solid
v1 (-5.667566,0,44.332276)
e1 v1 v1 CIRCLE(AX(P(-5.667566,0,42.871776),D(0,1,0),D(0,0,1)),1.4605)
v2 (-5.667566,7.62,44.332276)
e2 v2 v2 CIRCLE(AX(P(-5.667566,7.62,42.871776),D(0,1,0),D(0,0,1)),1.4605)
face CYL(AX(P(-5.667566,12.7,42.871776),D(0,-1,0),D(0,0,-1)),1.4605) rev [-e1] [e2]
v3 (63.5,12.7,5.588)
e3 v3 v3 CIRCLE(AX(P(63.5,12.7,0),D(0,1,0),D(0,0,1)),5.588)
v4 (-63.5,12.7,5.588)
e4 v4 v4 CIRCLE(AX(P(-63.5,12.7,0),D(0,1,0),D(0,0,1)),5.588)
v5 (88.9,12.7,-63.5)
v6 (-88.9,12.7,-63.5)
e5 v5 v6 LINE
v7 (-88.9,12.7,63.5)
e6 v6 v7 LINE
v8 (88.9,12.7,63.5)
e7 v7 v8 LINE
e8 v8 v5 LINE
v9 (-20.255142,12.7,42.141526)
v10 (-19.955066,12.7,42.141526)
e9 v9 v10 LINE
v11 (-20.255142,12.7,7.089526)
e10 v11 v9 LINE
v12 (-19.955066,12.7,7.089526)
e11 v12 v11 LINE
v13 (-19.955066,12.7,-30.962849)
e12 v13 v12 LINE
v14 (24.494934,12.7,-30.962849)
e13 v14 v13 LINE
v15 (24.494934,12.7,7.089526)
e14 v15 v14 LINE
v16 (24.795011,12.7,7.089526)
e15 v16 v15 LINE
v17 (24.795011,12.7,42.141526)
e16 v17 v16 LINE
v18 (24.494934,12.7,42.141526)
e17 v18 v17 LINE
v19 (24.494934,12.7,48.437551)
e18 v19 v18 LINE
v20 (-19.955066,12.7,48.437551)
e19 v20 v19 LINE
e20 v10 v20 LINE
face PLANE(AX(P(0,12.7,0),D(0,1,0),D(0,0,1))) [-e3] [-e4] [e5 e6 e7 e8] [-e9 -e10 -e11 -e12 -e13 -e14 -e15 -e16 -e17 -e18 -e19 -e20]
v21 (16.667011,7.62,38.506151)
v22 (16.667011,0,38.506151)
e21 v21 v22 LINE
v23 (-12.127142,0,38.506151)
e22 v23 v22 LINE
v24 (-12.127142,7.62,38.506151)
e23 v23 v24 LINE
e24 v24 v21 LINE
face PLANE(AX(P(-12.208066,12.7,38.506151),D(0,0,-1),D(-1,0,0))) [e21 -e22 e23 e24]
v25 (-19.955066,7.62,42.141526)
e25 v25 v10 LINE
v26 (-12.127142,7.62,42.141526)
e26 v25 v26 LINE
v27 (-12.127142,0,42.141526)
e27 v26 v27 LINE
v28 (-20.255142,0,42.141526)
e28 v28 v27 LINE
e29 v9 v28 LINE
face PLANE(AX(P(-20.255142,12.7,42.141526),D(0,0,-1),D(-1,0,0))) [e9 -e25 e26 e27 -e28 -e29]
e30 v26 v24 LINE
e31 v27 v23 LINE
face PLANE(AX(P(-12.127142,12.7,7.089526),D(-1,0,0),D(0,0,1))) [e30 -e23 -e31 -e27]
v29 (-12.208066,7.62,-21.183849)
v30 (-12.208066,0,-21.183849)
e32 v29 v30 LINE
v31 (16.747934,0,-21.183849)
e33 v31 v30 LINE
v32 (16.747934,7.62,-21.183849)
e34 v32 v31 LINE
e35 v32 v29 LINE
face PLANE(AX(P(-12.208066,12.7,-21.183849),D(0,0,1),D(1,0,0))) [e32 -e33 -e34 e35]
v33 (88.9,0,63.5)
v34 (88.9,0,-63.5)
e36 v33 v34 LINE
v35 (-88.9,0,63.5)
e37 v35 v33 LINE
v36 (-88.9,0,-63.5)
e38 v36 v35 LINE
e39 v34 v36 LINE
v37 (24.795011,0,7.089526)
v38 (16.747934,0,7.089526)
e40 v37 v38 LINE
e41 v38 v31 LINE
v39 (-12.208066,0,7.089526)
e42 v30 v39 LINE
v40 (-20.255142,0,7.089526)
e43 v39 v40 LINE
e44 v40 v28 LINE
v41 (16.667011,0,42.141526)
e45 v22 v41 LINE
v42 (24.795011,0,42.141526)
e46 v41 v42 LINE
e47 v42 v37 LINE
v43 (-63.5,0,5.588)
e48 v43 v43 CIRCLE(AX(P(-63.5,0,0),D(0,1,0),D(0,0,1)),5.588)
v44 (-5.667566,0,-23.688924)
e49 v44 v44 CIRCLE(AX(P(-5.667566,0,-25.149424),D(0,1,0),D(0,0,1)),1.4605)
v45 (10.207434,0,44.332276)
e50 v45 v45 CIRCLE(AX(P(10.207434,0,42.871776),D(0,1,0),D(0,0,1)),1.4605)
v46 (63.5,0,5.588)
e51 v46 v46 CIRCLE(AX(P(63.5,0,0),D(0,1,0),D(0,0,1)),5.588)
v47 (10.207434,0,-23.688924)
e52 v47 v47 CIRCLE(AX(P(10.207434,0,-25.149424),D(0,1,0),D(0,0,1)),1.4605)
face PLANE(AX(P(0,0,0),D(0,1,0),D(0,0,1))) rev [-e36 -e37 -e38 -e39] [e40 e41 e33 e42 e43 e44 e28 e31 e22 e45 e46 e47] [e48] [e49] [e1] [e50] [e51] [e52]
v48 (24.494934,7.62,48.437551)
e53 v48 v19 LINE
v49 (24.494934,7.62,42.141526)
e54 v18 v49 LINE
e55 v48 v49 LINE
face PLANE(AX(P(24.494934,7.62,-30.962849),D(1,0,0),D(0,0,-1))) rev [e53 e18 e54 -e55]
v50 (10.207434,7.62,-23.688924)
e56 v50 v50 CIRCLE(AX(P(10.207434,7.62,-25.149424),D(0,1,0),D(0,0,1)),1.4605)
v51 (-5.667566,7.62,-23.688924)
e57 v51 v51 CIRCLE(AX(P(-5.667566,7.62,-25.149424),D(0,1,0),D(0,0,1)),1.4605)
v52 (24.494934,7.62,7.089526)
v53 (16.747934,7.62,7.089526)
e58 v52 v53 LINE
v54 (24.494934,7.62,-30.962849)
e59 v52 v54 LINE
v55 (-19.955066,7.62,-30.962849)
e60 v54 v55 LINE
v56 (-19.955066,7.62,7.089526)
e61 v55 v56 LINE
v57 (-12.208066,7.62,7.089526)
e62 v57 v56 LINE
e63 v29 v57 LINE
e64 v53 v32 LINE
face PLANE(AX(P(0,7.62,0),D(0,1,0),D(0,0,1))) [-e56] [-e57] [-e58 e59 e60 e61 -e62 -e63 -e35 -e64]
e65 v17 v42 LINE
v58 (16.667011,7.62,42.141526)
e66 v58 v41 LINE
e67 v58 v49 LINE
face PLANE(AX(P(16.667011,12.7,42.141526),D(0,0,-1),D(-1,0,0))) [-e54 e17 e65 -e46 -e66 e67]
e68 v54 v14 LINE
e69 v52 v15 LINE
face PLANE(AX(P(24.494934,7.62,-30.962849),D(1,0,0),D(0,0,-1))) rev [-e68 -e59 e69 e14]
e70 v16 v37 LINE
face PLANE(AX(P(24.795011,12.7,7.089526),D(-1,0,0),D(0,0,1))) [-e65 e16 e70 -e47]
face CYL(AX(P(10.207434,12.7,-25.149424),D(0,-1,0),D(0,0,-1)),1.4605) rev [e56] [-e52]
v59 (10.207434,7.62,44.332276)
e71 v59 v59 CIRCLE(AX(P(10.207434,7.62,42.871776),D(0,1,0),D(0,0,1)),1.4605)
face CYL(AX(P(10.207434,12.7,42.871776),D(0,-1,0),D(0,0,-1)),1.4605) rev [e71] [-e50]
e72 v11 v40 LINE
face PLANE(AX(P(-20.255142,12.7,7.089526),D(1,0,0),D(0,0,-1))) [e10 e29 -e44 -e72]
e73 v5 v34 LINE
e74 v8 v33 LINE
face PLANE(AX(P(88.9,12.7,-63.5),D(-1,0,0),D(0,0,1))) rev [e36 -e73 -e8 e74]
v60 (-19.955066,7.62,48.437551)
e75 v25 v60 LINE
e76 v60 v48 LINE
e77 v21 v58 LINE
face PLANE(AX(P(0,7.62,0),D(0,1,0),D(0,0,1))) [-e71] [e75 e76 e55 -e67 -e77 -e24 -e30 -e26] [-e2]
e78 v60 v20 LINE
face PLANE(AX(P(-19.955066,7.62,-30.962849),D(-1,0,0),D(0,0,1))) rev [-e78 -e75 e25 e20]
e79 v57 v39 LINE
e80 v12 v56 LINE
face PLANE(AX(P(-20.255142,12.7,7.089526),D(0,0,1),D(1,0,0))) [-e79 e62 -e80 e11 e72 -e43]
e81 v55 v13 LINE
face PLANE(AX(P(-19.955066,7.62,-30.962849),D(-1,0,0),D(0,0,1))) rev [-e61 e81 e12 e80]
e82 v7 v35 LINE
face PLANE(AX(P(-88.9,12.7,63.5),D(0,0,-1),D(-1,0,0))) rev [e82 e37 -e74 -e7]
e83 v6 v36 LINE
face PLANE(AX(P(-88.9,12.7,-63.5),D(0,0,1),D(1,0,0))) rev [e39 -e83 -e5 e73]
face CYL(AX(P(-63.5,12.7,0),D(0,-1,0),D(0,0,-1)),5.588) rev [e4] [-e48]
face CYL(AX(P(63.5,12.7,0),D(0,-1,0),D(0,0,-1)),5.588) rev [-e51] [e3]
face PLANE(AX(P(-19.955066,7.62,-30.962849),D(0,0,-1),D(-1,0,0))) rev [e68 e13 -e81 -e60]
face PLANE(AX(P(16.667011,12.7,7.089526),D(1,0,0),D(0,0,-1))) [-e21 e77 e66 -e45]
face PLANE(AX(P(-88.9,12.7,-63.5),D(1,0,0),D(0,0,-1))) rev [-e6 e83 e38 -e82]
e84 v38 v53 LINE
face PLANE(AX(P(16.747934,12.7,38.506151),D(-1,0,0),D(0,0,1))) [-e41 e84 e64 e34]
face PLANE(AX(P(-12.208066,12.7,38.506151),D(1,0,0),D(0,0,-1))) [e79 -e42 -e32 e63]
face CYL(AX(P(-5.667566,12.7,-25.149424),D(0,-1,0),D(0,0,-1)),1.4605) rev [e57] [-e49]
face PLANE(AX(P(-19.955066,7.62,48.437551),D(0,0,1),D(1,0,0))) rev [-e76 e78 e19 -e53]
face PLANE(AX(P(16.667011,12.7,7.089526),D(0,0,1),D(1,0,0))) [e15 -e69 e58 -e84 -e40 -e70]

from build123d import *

# Parameters (mm, degrees)
SKETCH1_W           = 177.8
SKETCH1_H           = 127
SKETCH1_R           = 5.588
SKETCH1_R_2         = 1.4605
SKETCH1_W_2         = 28.956
SKETCH1_H_2         = 59.69
BOSS_EXTRUDE1_DEPTH = 12.7
SKETCH3_W           = 8.128
SKETCH3_H           = 35.052
CUT_EXTRUDE3_DEPTH  = 13.7
SKETCH2_W           = 44.45
SKETCH2_H           = 79.4004
CUT_EXTRUDE4_DEPTH  = 5.08


with BuildPart() as part:
    # Sketch1 → Boss-Extrude1 (new body)
    with BuildSketch(Plane(origin=(0, 0, 0), x_dir=(1, 0, 0), z_dir=(0, 1, 0))):
        Rectangle(SKETCH1_W, SKETCH1_H)
        with Locations((-63.5, 0)):
            Circle(SKETCH1_R, mode=Mode.SUBTRACT)
        with Locations((63.5, 0)):
            Circle(SKETCH1_R, mode=Mode.SUBTRACT)
        with Locations((-5.667565537, -42.871775783)):
            Circle(SKETCH1_R_2, mode=Mode.SUBTRACT)
        with Locations((10.207434463, -42.871775783)):
            Circle(SKETCH1_R_2, mode=Mode.SUBTRACT)
        with Locations((-5.667565537, 25.149424217)):
            Circle(SKETCH1_R_2, mode=Mode.SUBTRACT)
        with Locations((10.207434463, 25.149424217)):
            Circle(SKETCH1_R_2, mode=Mode.SUBTRACT)
        with Locations((2.269934463, -8.661150783)):
            Rectangle(SKETCH1_W_2, SKETCH1_H_2, mode=Mode.SUBTRACT)
    extrude(amount=BOSS_EXTRUDE1_DEPTH)

    # Sketch3 → Cut-Extrude3 (cut, through all)
    with BuildSketch(Plane(origin=(0, 0, 0), x_dir=(1, 0, 0), z_dir=(0, 1, 0))):
        with Locations((-16.19114245, -24.615525783)):
            Rectangle(SKETCH3_W, SKETCH3_H)
        with Locations((20.731011375, -24.615525783)):
            Rectangle(SKETCH3_W, SKETCH3_H)
    extrude(amount=CUT_EXTRUDE3_DEPTH, mode=Mode.SUBTRACT)

    # Sketch2 → Cut-Extrude4 (cut)
    with BuildSketch(Plane(origin=(0, 12.7, 0), x_dir=(1, 0, 0), z_dir=(0, 1, 0))):
        with Locations((2.269934463, -8.737350783)):
            Rectangle(SKETCH2_W, SKETCH2_H)
    extrude(amount=-CUT_EXTRUDE4_DEPTH, mode=Mode.SUBTRACT)


solid = part.part
